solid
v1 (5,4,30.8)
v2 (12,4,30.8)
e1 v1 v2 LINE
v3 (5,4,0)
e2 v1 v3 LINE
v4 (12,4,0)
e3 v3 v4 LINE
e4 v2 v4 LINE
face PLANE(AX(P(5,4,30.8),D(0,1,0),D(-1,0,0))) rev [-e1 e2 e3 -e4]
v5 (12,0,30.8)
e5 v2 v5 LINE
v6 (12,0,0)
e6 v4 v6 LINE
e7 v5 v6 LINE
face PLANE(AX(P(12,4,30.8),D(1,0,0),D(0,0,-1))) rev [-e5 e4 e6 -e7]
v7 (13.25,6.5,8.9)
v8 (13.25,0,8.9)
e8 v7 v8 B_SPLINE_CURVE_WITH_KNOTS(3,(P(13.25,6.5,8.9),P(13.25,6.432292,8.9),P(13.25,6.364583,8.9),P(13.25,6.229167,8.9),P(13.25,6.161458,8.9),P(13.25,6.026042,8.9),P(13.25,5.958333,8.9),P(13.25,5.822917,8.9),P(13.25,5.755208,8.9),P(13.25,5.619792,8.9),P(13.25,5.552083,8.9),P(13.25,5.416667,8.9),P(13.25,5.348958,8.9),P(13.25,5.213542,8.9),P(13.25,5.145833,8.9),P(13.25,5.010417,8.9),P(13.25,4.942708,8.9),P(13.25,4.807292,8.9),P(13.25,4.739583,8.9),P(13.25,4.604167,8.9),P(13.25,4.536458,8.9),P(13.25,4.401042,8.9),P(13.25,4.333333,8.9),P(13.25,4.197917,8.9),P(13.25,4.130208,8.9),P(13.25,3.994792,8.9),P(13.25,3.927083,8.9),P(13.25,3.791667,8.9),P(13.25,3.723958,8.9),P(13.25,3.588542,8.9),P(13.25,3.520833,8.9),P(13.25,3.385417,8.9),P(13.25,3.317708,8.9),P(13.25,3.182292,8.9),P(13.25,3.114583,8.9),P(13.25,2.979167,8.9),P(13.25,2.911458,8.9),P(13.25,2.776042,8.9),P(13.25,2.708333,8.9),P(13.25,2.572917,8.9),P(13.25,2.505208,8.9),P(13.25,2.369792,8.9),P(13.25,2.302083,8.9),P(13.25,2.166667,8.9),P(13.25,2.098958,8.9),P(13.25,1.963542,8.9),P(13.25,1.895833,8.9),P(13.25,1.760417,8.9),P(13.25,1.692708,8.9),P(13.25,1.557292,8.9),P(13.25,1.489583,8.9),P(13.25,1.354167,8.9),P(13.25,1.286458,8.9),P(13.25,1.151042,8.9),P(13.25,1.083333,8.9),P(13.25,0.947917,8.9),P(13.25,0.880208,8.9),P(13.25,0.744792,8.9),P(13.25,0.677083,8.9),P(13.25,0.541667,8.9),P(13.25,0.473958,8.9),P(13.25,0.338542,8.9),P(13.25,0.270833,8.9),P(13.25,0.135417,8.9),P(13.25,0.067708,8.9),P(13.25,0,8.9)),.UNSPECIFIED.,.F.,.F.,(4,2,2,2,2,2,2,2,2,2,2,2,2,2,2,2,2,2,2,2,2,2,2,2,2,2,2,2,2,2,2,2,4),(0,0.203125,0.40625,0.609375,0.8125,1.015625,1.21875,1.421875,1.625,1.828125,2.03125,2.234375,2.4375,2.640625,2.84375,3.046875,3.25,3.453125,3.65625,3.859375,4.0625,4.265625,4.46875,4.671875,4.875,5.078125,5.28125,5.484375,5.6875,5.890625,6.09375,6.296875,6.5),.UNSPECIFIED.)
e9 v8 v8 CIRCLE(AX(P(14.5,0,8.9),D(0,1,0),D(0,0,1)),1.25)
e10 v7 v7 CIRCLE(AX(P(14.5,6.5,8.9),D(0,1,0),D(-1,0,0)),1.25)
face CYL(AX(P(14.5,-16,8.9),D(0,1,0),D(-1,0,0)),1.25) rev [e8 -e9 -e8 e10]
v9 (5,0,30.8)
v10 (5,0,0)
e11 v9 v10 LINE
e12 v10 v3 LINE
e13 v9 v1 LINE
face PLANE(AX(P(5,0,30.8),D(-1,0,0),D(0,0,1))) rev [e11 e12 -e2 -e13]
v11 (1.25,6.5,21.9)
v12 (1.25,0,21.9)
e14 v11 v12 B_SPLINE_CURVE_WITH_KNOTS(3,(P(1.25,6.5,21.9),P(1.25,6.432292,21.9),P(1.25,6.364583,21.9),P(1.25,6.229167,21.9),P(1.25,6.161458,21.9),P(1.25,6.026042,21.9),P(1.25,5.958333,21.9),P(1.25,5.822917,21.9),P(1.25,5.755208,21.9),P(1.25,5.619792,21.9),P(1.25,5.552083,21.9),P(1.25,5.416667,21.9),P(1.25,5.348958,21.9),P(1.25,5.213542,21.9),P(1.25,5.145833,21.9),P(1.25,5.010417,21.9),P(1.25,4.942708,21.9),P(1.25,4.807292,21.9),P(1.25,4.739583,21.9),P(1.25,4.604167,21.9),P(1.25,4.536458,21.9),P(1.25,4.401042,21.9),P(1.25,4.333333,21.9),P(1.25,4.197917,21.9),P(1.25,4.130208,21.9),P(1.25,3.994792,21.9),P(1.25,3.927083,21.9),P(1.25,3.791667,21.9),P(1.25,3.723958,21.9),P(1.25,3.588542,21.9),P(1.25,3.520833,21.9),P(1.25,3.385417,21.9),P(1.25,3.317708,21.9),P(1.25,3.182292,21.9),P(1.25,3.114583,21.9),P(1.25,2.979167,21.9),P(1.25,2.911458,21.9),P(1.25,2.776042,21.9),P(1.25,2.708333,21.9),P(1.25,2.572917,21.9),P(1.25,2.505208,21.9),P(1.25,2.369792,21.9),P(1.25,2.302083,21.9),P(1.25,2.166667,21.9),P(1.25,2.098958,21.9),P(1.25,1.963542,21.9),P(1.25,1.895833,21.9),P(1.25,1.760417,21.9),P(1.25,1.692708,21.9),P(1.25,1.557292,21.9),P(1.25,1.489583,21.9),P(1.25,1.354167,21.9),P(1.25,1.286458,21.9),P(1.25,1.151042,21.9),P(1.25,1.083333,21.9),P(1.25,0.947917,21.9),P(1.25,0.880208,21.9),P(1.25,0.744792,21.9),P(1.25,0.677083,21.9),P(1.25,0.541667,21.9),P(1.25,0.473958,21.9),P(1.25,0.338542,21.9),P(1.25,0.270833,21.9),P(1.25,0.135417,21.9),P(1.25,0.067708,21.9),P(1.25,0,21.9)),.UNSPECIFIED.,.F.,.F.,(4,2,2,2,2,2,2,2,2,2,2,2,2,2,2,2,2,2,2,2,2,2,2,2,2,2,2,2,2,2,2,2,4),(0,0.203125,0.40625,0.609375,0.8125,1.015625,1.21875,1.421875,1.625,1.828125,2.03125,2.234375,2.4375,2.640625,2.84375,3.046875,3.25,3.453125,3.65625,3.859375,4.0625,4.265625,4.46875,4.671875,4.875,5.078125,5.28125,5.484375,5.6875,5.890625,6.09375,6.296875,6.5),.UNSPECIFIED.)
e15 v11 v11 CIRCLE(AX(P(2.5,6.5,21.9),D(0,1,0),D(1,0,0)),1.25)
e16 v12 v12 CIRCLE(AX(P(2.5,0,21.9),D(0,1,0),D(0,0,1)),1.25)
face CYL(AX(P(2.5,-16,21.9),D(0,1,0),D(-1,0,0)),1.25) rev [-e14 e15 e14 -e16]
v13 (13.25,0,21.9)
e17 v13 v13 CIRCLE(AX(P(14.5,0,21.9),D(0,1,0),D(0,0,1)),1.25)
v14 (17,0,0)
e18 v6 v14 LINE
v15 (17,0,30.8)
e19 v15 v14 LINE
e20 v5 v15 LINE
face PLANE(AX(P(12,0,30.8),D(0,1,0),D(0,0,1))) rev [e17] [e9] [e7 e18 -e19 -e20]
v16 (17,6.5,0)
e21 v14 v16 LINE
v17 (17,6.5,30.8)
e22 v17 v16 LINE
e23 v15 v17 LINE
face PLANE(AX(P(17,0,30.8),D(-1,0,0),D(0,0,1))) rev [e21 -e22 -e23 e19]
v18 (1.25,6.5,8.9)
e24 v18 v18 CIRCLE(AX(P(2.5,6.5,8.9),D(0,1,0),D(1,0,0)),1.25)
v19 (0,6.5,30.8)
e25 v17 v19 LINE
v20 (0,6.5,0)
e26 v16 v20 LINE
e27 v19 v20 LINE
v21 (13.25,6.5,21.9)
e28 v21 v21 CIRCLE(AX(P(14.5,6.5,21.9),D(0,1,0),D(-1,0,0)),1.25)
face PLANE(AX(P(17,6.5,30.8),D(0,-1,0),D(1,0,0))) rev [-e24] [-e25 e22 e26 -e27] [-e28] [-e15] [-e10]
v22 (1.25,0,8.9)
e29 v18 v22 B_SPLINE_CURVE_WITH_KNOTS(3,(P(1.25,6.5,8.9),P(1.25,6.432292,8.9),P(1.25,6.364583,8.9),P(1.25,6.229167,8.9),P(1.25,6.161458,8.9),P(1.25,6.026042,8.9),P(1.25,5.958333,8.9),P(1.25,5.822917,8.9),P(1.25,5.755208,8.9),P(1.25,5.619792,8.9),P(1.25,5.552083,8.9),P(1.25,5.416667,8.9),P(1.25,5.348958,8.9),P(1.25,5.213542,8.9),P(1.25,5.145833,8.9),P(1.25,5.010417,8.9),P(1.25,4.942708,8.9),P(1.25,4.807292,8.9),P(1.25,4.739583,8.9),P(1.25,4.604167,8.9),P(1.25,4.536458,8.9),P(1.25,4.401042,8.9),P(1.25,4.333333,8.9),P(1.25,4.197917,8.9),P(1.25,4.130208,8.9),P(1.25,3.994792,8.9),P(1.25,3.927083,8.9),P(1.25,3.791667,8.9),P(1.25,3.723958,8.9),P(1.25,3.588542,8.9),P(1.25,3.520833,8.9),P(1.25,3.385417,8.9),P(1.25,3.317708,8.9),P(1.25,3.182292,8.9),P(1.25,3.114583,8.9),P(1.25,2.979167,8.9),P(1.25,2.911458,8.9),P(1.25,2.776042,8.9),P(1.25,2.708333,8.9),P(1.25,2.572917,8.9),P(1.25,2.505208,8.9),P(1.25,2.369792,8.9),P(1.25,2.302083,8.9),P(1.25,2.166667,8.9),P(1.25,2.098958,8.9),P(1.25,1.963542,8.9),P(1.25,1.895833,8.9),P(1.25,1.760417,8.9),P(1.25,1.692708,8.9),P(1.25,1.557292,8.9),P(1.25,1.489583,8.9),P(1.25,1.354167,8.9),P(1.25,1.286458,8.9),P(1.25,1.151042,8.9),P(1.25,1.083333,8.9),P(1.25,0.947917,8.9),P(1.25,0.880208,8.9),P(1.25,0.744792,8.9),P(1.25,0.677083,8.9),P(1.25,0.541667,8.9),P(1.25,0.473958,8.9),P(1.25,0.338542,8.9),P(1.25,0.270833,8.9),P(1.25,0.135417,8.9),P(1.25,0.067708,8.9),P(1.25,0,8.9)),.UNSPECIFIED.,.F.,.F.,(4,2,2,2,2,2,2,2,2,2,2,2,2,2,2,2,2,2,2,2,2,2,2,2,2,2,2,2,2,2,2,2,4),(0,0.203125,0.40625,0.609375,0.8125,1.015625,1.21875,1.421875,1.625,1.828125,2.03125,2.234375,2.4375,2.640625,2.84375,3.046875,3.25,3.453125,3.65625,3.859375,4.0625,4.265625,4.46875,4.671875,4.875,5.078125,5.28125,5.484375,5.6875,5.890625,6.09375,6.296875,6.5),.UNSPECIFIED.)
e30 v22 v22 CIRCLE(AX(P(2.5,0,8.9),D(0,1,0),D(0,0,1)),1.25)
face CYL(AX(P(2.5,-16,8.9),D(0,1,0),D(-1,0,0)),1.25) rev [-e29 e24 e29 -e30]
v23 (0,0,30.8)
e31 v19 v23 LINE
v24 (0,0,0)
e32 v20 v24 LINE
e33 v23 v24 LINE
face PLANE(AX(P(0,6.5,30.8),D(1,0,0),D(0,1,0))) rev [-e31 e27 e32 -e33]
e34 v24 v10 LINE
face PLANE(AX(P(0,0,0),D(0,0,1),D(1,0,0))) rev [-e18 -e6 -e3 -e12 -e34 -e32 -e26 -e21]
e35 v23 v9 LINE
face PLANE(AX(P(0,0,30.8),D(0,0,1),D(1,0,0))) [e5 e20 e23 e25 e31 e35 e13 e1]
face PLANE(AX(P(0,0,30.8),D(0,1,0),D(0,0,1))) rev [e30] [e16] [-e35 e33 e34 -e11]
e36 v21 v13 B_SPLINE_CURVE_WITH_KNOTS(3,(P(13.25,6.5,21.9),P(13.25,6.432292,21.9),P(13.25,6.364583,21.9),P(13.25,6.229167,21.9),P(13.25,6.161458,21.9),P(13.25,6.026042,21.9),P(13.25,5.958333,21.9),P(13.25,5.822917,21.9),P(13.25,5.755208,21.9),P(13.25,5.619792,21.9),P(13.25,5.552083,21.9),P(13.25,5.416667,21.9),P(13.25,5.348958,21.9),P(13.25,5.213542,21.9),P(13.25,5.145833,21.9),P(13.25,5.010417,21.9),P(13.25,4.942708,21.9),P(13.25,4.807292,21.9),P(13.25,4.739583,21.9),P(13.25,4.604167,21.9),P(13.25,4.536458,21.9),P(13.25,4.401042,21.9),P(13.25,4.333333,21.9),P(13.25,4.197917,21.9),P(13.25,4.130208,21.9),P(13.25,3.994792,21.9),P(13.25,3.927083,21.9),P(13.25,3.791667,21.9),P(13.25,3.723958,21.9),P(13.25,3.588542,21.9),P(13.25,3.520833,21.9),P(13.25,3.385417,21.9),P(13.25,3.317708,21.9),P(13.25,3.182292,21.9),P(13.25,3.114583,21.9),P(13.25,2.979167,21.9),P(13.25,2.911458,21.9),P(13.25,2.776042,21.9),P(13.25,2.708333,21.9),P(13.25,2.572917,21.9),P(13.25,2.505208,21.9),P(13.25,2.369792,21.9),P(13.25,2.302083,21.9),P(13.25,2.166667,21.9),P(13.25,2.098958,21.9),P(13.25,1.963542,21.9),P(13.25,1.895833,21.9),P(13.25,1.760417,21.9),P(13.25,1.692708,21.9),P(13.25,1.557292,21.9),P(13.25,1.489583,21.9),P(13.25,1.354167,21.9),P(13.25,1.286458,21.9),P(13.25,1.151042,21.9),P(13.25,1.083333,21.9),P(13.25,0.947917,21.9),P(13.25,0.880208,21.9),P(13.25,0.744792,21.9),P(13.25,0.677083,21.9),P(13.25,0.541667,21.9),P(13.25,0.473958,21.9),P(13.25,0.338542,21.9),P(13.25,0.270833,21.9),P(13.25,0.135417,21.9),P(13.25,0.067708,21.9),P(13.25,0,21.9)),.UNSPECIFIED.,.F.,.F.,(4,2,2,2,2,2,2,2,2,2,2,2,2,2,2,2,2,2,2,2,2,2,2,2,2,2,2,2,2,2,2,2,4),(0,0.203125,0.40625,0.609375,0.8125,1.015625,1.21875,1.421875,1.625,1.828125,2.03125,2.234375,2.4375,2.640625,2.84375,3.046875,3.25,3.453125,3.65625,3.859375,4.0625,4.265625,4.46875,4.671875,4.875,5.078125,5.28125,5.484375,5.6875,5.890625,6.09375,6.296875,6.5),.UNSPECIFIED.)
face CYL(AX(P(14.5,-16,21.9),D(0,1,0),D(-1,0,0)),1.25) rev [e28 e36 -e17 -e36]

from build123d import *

# Parameters (mm, degrees)
EXTRUDE_1_DEPTH     = 30.8
SKETCH_2_R          = 1.25
CUT_EXTRUDE_1_DEPTH = 22.5


with BuildPart() as part:
    # 草图1 → 凸台-拉伸1 (new body)
    with BuildSketch(Plane.XY):
        Polygon((0, 0), (5, 0), (5, 4), (12, 4), (12, 0), (17, 0), (17, 6.5), (0, 6.5), align=None)
    extrude(amount=EXTRUDE_1_DEPTH)

    # 草图2 → 切除-拉伸1 (cut)
    with BuildSketch(Plane(origin=(0, 6.5, 0), x_dir=(1, 0, 0), z_dir=(0, 1, 0))):
        with Locations(Location((14.5, -8.9, 0), (0, 0, 180))):
            Circle(SKETCH_2_R)
        with Locations(Location((14.5, -21.9, 0), (0, 0, 180))):
            Circle(SKETCH_2_R)
        with Locations(Location((2.5, -21.9, 0), (0, 0, 180))):
            Circle(SKETCH_2_R)
        with Locations(Location((2.5, -8.9, 0), (0, 0, 180))):
            Circle(SKETCH_2_R)
    extrude(amount=-CUT_EXTRUDE_1_DEPTH, mode=Mode.SUBTRACT)


solid = part.part
